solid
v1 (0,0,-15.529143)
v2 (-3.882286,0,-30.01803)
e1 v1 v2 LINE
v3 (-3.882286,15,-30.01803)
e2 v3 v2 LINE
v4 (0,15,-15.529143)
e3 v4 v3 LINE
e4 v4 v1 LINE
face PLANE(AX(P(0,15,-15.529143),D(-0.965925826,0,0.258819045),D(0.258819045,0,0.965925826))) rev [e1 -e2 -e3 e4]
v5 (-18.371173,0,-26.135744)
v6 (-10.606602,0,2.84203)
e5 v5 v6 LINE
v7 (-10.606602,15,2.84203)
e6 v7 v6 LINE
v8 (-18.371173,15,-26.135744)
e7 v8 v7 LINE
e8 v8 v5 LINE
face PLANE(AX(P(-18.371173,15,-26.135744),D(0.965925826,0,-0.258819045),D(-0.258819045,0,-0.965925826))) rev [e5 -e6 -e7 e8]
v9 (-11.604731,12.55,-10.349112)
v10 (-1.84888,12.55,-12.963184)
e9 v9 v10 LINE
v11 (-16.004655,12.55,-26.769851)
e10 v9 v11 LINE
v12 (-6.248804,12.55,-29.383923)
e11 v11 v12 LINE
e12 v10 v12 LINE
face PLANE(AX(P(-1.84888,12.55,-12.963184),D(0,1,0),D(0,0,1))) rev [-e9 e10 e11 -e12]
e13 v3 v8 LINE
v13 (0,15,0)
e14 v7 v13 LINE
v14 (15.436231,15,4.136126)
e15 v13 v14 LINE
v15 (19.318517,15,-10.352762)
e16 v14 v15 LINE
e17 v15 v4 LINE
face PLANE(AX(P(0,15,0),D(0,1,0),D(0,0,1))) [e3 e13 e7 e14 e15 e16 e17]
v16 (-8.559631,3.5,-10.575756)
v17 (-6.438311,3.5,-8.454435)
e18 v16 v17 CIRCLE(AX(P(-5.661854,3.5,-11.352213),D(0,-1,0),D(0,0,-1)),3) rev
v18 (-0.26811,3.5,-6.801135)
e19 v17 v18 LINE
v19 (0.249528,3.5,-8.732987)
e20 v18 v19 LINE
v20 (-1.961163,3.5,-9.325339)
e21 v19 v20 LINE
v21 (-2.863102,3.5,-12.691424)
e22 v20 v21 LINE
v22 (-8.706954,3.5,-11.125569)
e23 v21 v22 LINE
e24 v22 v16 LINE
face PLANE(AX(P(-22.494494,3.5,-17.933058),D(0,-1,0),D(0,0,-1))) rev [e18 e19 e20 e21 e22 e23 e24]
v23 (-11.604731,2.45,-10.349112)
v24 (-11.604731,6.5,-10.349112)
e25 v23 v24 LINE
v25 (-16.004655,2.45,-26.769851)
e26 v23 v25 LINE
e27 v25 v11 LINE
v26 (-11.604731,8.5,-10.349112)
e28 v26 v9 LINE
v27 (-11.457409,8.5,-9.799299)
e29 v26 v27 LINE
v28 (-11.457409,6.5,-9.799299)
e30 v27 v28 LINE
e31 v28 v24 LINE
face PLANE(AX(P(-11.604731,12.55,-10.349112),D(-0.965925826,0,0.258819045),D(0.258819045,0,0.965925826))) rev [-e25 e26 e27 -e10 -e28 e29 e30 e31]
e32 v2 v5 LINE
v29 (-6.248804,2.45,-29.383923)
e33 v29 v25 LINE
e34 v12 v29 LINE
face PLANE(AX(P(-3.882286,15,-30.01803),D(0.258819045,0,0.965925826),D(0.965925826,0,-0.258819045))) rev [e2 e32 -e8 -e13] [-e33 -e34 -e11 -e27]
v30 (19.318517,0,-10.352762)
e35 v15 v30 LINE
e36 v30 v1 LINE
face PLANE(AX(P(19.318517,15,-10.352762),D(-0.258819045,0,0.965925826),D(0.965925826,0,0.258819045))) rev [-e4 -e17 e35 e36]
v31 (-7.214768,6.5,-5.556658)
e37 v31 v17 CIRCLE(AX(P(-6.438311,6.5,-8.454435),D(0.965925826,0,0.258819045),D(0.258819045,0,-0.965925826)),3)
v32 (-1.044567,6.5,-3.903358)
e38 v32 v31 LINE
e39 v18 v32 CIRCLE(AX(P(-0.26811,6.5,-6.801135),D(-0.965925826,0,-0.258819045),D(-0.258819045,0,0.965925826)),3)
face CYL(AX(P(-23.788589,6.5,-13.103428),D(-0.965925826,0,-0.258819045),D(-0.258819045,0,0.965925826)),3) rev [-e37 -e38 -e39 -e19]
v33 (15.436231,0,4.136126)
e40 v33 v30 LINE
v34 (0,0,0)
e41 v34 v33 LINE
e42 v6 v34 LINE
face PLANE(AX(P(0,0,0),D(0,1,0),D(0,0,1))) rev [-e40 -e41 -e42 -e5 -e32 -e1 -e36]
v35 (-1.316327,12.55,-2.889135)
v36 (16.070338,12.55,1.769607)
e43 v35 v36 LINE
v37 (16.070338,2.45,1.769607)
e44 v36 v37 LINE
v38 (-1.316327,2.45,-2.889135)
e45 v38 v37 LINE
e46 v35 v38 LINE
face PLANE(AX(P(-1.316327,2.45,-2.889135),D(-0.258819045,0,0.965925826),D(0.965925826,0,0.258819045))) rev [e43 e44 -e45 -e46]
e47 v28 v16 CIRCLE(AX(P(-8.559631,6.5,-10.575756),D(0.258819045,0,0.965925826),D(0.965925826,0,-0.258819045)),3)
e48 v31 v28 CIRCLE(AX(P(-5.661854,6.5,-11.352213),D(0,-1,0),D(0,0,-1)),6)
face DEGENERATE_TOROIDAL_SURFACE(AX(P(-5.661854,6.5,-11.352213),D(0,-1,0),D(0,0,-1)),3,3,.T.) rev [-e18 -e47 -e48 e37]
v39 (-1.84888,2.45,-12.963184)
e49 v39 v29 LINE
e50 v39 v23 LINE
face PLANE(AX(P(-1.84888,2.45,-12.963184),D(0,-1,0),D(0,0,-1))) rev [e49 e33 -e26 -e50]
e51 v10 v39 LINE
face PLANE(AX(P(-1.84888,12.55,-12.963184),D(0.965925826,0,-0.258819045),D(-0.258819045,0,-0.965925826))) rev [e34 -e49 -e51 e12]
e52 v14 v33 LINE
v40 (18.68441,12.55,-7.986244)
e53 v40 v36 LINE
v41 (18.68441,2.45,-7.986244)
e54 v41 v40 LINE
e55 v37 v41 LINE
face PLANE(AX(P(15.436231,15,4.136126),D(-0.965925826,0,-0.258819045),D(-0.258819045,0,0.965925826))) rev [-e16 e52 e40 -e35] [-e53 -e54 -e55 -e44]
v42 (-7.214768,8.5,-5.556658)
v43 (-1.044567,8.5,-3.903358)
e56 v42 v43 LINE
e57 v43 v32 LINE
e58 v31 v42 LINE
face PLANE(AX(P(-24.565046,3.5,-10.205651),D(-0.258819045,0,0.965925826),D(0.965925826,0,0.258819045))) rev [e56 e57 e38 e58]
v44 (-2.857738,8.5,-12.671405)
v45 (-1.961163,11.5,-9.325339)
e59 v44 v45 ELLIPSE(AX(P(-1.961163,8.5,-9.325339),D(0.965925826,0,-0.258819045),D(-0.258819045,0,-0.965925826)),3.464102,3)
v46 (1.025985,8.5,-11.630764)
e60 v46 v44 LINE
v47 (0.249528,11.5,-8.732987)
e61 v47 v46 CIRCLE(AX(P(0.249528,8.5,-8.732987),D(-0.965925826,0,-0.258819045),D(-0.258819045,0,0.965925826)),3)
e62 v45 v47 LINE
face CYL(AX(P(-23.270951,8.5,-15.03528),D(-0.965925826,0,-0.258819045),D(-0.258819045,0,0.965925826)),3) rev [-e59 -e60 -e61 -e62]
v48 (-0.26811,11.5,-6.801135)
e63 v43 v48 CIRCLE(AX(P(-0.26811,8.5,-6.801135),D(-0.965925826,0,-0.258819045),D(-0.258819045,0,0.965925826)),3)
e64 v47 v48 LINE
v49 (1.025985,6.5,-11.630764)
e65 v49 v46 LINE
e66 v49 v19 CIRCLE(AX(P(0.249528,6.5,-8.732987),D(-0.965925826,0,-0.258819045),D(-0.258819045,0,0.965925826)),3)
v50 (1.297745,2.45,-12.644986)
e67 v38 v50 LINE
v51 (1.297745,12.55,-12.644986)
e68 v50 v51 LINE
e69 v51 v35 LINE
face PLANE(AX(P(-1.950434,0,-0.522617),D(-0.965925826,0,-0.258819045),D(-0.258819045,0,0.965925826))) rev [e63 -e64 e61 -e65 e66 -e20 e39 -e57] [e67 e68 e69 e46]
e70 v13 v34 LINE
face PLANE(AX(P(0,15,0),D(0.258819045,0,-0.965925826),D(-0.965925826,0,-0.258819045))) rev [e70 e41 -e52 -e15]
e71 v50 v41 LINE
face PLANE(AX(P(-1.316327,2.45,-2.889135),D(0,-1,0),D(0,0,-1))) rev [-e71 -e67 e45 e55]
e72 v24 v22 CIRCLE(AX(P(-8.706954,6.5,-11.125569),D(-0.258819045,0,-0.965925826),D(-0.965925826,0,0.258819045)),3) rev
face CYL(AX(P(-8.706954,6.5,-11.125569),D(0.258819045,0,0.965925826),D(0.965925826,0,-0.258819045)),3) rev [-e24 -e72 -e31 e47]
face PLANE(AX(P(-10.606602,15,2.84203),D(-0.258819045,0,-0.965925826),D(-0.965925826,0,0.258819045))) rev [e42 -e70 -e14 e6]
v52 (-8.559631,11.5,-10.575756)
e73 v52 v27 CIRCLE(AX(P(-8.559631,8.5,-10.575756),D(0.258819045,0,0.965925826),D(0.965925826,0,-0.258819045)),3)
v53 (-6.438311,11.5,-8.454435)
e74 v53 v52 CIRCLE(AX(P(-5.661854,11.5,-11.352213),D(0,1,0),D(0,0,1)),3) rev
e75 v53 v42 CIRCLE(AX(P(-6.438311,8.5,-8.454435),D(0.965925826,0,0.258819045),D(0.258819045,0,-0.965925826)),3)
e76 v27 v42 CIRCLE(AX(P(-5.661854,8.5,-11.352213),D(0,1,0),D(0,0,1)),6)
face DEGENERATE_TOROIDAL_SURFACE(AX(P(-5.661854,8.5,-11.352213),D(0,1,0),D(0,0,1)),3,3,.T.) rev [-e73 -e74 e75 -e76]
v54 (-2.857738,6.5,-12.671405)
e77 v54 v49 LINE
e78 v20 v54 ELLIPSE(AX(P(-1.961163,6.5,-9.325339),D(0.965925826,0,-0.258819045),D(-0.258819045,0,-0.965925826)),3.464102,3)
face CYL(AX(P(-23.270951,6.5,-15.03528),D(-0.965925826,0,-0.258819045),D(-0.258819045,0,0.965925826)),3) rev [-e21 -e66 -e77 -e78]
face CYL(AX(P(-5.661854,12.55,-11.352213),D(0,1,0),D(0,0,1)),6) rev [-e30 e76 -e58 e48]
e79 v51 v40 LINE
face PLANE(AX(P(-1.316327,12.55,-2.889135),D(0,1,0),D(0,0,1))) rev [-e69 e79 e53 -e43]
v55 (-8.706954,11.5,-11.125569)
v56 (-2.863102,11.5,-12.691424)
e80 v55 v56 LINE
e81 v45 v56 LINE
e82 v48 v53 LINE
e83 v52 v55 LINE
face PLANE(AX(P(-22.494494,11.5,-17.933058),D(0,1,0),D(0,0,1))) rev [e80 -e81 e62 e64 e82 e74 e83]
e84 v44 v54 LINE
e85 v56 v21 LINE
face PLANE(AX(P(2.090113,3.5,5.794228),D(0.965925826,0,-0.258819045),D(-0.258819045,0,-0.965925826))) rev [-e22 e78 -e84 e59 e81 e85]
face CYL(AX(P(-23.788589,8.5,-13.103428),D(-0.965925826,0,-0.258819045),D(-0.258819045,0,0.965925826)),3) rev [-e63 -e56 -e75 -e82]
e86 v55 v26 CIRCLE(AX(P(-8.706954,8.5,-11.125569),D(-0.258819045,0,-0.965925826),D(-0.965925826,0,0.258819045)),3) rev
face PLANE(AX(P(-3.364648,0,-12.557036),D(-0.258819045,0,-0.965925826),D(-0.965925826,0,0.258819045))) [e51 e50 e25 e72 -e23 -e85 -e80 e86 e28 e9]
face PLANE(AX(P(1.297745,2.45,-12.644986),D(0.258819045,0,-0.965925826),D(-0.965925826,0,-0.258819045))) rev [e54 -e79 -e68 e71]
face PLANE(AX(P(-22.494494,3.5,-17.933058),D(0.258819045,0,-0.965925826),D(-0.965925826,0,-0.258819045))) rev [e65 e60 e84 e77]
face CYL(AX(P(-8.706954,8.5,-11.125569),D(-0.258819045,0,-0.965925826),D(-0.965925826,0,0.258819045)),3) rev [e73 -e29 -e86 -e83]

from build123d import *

# Parameters (mm, degrees)
BOSS_EXTRUDE1_DEPTH = 15
SKETCH2_W           = 10.1
SKETCH2_H           = 10.1
CUT_EXTRUDE1_DEPTH  = 18
SKETCH3_W           = 10.1
SKETCH3_H           = 10.1
CUT_EXTRUDE2_DEPTH  = 17
CUT_EXTRUDE3_REACH  = 41.336
SKETCH4_W           = 8
SKETCH4_H           = 8
CUT_EXTRUDE4_REACH  = 34.317
SKETCH5_W           = 8
SKETCH5_H           = 8
FILLET1_R           = 6
FILLET2_R           = 3


with BuildPart() as part:
    # Sketch1 → Boss-Extrude1 (new body)
    with BuildSketch(Plane(origin=(0, 0, 0), x_dir=(1, 0, 0), z_dir=(0, 1, 0))):
        Polygon((0, 0), (15.436230849, -4.13612559), (19.318516526, 10.352761804), (0, 15.529142706), (-3.882285677, 30.0180301), (-18.371173071, 26.135744424), (-10.606601718, -2.842030365), align=None)
    extrude(amount=BOSS_EXTRUDE1_DEPTH)

    # Sketch2 → Cut-Extrude1 (cut)
    with BuildSketch(Plane(origin=(15.436230849, 0, 4.13612559), x_dir=(0.2588190451025214, 0, -0.9659258262890681), z_dir=(0.9659258262890681, 0, 0.2588190451025214))):
        with Locations((7.5, 7.5)):
            Rectangle(SKETCH2_W, SKETCH2_H)
    extrude(amount=-CUT_EXTRUDE1_DEPTH, mode=Mode.SUBTRACT)

    # Sketch3 → Cut-Extrude2 (cut)
    with BuildSketch(Plane(origin=(-7.764571353, 0, -28.977774789), x_dir=(-0.9659258262890682, 0, 0.2588190451025212), z_dir=(-0.2588190451025212, 0, -0.9659258262890682))):
        with Locations((3.480762114, 7.5)):
            Rectangle(SKETCH3_W, SKETCH3_H)
    extrude(amount=-CUT_EXTRUDE2_DEPTH, mode=Mode.SUBTRACT)

    # Cut-Extrude3: up to this plane
    cut_extrude3_end = Plane(origin=(-11.60473103, 12.55, -10.349112038), z_dir=(-0.9659258262890682, 0, 0.2588190451025212))
    # Sketch4 → Cut-Extrude3 (cut, up to the surface)
    with BuildSketch(Plane(origin=(-1.950434024, 0, -0.522617222), x_dir=(0.25881904510252146, 0, -0.9659258262890681), z_dir=(0.9659258262890681, 0, 0.25881904510252146)), mode=Mode.PRIVATE) as cut_extrude3_sk1:
        with Locations((7.5, 7.5)):
            Rectangle(SKETCH4_W, SKETCH4_H)
    cut_extrude3_tool1 = split(extrude(cut_extrude3_sk1.sketch, amount=-CUT_EXTRUDE3_REACH, mode=Mode.PRIVATE), bisect_by=cut_extrude3_end, keep=Keep.BOTH, mode=Mode.PRIVATE)
    add(cut_extrude3_tool1.solids().sort_by_distance((-0.009291, 7.5, -7.767061))[0], mode=Mode.SUBTRACT)

    # Cut-Extrude4: up to this face of the body (flat: up to its plane)
    cut_extrude4_end = Plane(part.part.faces().sort_by_distance((-5.802700436, 7.5, -5.178295527))[0])
    # Sketch5 → Cut-Extrude4 (cut, up to the picked face)
    with BuildSketch(Plane(origin=(-3.364647586, 0, -12.557035742), x_dir=(-0.9659258262890682, 0, 0.25881904510252124), z_dir=(-0.25881904510252124, 0, -0.9659258262890682)), mode=Mode.PRIVATE) as cut_extrude4_sk1:
        with Locations((3.480762114, 7.5)):
            Rectangle(SKETCH5_W, SKETCH5_H)
    cut_extrude4_tool1 = split(extrude(cut_extrude4_sk1.sketch, amount=-CUT_EXTRUDE4_REACH, mode=Mode.PRIVATE), bisect_by=cut_extrude4_end, keep=Keep.BOTH, mode=Mode.PRIVATE)
    add(cut_extrude4_tool1.solids().sort_by(Axis((-6.726806, 7.5, -11.656148), (0.25881904510252124, 0, 0.9659258262890682)))[0], mode=Mode.SUBTRACT)

    # Fillet1
    fillet1_edges = [part.edges().sort_by_distance(p)[0] for p in [
        (-10.560833506, 7.5, -6.453233441),
    ]]
    fillet(fillet1_edges, radius=FILLET1_R)

    # Fillet2
    fillet2_edges = [part.edges().sort_by_distance(p)[0] for p in [
        (-11.531070004, 11.5, -10.074205347),
        (-0.915876519, 11.5, -12.151084448),
        (-0.915876519, 3.5, -12.151084448),
        (-11.531070004, 3.5, -10.074205347),
        (-4.129667829, 3.5, -4.730007791),
        (-9.904494707, 3.5, -7.109572239),
        (-4.129667829, 11.5, -4.730007791),
        (-9.904494707, 11.5, -7.109572239),
    ]]
    fillet(fillet2_edges, radius=FILLET2_R)


solid = part.part
